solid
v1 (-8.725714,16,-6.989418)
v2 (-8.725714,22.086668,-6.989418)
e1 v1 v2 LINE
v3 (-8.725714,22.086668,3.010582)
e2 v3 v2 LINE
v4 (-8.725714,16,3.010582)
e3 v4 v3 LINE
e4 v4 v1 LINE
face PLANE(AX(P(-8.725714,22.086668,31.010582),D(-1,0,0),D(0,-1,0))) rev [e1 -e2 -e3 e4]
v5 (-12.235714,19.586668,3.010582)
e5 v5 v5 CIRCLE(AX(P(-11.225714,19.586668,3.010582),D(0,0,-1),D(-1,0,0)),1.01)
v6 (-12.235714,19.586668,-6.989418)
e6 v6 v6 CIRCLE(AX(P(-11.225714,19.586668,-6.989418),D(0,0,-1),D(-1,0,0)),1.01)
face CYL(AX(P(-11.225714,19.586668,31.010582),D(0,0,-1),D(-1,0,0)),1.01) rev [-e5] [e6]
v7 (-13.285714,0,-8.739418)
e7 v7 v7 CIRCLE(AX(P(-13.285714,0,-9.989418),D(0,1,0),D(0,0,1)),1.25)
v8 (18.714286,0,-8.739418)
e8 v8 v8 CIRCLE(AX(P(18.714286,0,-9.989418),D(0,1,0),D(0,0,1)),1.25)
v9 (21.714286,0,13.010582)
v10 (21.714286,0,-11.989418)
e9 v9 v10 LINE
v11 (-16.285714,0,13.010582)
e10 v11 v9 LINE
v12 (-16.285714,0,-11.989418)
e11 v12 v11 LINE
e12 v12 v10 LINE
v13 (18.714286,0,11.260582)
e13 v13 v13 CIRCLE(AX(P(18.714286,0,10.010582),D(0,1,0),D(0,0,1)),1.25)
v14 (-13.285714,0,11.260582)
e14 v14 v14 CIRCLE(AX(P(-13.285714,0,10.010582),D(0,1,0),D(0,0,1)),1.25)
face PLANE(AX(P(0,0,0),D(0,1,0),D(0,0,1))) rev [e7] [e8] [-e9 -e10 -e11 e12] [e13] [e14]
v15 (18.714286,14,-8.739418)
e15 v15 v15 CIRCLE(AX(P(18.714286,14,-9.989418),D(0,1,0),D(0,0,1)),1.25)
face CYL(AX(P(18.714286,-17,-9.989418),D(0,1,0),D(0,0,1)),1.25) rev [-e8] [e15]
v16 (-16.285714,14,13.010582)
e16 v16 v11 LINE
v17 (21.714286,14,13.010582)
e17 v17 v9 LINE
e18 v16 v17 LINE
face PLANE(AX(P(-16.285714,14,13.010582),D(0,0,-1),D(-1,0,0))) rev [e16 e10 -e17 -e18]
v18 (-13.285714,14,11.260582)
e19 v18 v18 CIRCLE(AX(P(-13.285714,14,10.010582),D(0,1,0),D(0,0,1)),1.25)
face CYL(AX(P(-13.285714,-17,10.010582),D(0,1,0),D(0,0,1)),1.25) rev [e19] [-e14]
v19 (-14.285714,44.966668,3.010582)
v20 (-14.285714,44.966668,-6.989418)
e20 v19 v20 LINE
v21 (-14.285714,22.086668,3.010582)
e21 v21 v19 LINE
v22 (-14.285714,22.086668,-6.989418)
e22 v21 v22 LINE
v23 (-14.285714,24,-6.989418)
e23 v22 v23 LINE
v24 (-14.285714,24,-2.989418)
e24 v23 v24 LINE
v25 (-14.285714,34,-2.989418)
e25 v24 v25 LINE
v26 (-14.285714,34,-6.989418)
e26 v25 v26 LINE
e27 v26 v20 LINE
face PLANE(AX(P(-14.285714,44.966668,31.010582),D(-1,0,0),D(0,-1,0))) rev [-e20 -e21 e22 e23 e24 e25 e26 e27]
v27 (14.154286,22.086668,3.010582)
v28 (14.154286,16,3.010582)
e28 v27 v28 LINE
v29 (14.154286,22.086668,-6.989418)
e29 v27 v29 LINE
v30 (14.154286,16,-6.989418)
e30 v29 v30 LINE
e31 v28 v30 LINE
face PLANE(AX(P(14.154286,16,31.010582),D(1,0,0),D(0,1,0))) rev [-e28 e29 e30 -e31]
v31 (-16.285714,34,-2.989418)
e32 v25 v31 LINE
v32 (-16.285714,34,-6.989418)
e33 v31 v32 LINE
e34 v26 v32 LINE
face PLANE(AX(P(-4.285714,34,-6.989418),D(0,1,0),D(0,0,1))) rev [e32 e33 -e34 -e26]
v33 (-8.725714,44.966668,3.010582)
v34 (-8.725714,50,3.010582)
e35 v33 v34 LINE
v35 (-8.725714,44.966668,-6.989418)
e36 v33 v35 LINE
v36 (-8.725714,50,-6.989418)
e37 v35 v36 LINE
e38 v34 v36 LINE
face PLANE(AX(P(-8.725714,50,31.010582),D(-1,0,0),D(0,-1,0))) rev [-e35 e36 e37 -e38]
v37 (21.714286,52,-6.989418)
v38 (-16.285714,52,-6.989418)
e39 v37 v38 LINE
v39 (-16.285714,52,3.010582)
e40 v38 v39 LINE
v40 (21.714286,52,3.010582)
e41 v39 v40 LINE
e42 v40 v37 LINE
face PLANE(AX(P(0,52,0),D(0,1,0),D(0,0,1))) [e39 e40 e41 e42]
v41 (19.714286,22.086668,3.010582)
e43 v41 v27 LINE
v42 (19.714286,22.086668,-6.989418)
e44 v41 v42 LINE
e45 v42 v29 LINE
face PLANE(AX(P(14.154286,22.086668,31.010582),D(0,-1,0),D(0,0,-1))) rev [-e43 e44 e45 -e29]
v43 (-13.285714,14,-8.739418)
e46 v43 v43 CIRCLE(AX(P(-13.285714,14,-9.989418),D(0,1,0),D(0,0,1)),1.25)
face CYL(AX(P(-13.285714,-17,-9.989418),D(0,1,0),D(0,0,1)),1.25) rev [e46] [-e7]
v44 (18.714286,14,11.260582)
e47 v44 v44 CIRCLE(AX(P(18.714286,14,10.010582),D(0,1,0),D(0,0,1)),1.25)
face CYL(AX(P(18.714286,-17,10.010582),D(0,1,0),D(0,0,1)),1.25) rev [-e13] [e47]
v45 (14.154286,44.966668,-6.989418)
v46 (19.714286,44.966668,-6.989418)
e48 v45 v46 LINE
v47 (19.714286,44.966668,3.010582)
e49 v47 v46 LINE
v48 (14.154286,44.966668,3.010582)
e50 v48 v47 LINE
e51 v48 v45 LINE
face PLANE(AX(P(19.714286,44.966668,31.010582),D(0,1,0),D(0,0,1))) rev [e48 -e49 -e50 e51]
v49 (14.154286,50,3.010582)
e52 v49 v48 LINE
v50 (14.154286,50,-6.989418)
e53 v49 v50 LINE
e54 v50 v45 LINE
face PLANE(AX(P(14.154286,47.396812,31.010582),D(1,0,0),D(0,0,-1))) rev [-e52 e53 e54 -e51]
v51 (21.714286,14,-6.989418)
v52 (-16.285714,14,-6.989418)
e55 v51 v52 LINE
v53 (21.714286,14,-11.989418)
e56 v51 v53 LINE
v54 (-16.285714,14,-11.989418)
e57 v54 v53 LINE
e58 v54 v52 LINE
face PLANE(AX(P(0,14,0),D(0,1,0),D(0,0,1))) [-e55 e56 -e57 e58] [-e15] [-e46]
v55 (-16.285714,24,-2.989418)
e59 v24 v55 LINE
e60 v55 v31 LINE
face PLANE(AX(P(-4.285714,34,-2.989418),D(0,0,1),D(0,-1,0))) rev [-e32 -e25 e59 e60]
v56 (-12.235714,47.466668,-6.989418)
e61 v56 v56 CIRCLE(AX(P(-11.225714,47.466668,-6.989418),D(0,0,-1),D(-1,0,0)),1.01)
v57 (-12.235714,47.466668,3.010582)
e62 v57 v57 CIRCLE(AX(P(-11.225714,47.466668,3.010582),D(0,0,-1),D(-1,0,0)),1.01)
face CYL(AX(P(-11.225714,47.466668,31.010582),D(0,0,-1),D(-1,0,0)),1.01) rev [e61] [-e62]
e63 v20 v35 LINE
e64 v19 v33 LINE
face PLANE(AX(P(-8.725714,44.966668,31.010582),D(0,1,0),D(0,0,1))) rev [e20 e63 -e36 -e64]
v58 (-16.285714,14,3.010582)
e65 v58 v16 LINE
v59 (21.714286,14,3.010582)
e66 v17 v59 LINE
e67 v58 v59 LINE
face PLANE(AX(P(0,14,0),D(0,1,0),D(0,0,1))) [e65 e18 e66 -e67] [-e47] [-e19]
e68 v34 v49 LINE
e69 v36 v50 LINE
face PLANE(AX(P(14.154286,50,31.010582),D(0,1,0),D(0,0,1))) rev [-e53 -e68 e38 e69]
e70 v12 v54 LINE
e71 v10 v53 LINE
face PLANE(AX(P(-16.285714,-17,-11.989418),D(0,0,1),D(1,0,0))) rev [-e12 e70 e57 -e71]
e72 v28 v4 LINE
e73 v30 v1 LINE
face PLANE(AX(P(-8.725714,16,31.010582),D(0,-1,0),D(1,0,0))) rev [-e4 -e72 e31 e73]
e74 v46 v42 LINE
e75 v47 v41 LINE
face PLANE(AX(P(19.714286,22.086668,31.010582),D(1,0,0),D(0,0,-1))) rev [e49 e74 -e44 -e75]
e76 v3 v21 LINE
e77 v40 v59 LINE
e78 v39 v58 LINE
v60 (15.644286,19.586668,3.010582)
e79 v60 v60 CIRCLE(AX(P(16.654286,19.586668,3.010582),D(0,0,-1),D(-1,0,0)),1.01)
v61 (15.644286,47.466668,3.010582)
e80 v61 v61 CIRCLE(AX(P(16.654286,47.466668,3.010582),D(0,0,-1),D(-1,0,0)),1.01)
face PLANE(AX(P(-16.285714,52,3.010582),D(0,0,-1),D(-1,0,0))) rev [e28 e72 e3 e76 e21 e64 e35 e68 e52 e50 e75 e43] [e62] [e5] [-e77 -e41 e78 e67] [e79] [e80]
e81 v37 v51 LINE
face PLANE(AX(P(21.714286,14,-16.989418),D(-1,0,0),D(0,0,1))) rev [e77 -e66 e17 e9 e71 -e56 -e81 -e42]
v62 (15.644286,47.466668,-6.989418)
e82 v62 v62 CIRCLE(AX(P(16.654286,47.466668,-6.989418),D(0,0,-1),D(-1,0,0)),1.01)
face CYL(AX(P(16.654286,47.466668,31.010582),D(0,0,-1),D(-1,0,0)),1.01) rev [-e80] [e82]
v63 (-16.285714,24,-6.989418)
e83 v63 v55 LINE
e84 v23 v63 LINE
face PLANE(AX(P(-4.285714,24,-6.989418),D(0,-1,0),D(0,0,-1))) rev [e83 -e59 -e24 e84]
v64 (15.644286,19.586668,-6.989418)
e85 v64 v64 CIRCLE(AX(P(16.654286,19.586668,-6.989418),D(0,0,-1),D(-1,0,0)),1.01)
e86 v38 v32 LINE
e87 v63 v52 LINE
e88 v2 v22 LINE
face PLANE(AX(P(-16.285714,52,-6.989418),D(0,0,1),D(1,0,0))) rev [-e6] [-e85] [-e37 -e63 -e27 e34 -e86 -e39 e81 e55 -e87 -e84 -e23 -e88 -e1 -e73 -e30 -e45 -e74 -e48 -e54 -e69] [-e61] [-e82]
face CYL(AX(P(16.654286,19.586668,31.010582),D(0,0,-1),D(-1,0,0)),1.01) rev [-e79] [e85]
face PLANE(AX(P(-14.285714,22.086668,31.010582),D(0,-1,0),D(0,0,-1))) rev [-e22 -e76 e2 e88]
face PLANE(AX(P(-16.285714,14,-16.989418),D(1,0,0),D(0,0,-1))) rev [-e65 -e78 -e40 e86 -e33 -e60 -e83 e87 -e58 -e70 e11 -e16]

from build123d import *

# Parameters (mm, degrees)
SKETCH1_W           = 38
SKETCH1_H           = 30
BOSS_EXTRUDE1_DEPTH = 14
SKETCH2_W           = 38
SKETCH2_H           = 10
BOSS_EXTRUDE2_DEPTH = 38
SKETCH3_R           = 1.01
CUT_EXTRUDE1_DEPTH  = 38
CUT_EXTRUDE2_DEPTH  = 38
SKETCH5_W           = 4
SKETCH5_H           = 10
CUT_EXTRUDE3_DEPTH  = 12
SKETCH6_R           = 1.25
CUT_EXTRUDE4_DEPTH  = 31
SKETCH8_W           = 38
SKETCH8_H           = 5
CUT_EXTRUDE5_DEPTH  = 31


with BuildPart() as part:
    # Sketch1 → Boss-Extrude1 (new body)
    with BuildSketch(Plane(origin=(0, 0, 0), x_dir=(1, 0, 0), z_dir=(0, 1, 0))):
        with Locations((2.714285714, 1.989417989)):
            Rectangle(SKETCH1_W, SKETCH1_H)
    extrude(amount=BOSS_EXTRUDE1_DEPTH)

    # Sketch2 → Boss-Extrude2 (add)
    with BuildSketch(Plane(origin=(0, 14, 0), x_dir=(1, 0, 0), z_dir=(0, 1, 0))):
        with Locations((2.714285714, 1.989417989)):
            Rectangle(SKETCH2_W, SKETCH2_H)
    extrude(amount=BOSS_EXTRUDE2_DEPTH)

    # Sketch3 → Cut-Extrude1 (cut)
    with BuildSketch(Plane(origin=(0, 0, -6.989417989), x_dir=(-1, 0, 0), z_dir=(0, 0, -1))):
        with Locations((-16.654285714, 47.466668182)):
            Circle(SKETCH3_R)
        with Locations((11.225714286, 47.466668182)):
            Circle(SKETCH3_R)
        with Locations((-16.654285714, 19.586668182)):
            Circle(SKETCH3_R)
        with Locations((11.225714286, 19.586668182)):
            Circle(SKETCH3_R)
    extrude(amount=-CUT_EXTRUDE1_DEPTH, mode=Mode.SUBTRACT)

    # Sketch4 → Cut-Extrude2 (cut)
    with BuildSketch(Plane(origin=(0, 0, -6.989417989), x_dir=(-1, 0, 0), z_dir=(0, 0, -1))):
        Polygon((-14.154285714, 47.396812474), (-14.154285714, 50), (8.725714286, 50), (8.725714286, 44.966668182), (14.285714286, 44.966668182), (14.285714286, 22.086668182), (8.725714286, 22.086668182), (8.725714286, 16), (-14.154285714, 16), (-14.154285714, 22.086668182), (-19.714285714, 22.086668182), (-19.714285714, 44.966668182), (-14.154285714, 44.966668182), align=None)
    extrude(amount=-CUT_EXTRUDE2_DEPTH, mode=Mode.SUBTRACT)

    # Sketch5 → Cut-Extrude3 (cut)
    with BuildSketch(Plane.ZY.offset(16.285714286)):
        with Locations((-4.989417989, 29)):
            Rectangle(SKETCH5_W, SKETCH5_H)
    extrude(amount=-CUT_EXTRUDE3_DEPTH, mode=Mode.SUBTRACT)

    # Sketch6 → Cut-Extrude4 (cut)
    with BuildSketch(Plane(origin=(0, 14, 0), x_dir=(1, 0, 0), z_dir=(0, 1, 0))):
        with Locations((-13.285714286, 9.989417989)):
            Circle(SKETCH6_R)
        with Locations((18.714285714, 9.989417989)):
            Circle(SKETCH6_R)
        with Locations((18.714285714, -10.010582011)):
            Circle(SKETCH6_R)
        with Locations((-13.285714286, -10.010582011)):
            Circle(SKETCH6_R)
    extrude(amount=-CUT_EXTRUDE4_DEPTH, mode=Mode.SUBTRACT)

    # Sketch8 → Cut-Extrude5 (cut)
    with BuildSketch(Plane(origin=(0, 14, 0), x_dir=(1, 0, 0), z_dir=(0, 1, 0))):
        with Locations((2.714285714, 14.489417989)):
            Rectangle(SKETCH8_W, SKETCH8_H)
    extrude(amount=-CUT_EXTRUDE5_DEPTH, mode=Mode.SUBTRACT)


solid = part.part
